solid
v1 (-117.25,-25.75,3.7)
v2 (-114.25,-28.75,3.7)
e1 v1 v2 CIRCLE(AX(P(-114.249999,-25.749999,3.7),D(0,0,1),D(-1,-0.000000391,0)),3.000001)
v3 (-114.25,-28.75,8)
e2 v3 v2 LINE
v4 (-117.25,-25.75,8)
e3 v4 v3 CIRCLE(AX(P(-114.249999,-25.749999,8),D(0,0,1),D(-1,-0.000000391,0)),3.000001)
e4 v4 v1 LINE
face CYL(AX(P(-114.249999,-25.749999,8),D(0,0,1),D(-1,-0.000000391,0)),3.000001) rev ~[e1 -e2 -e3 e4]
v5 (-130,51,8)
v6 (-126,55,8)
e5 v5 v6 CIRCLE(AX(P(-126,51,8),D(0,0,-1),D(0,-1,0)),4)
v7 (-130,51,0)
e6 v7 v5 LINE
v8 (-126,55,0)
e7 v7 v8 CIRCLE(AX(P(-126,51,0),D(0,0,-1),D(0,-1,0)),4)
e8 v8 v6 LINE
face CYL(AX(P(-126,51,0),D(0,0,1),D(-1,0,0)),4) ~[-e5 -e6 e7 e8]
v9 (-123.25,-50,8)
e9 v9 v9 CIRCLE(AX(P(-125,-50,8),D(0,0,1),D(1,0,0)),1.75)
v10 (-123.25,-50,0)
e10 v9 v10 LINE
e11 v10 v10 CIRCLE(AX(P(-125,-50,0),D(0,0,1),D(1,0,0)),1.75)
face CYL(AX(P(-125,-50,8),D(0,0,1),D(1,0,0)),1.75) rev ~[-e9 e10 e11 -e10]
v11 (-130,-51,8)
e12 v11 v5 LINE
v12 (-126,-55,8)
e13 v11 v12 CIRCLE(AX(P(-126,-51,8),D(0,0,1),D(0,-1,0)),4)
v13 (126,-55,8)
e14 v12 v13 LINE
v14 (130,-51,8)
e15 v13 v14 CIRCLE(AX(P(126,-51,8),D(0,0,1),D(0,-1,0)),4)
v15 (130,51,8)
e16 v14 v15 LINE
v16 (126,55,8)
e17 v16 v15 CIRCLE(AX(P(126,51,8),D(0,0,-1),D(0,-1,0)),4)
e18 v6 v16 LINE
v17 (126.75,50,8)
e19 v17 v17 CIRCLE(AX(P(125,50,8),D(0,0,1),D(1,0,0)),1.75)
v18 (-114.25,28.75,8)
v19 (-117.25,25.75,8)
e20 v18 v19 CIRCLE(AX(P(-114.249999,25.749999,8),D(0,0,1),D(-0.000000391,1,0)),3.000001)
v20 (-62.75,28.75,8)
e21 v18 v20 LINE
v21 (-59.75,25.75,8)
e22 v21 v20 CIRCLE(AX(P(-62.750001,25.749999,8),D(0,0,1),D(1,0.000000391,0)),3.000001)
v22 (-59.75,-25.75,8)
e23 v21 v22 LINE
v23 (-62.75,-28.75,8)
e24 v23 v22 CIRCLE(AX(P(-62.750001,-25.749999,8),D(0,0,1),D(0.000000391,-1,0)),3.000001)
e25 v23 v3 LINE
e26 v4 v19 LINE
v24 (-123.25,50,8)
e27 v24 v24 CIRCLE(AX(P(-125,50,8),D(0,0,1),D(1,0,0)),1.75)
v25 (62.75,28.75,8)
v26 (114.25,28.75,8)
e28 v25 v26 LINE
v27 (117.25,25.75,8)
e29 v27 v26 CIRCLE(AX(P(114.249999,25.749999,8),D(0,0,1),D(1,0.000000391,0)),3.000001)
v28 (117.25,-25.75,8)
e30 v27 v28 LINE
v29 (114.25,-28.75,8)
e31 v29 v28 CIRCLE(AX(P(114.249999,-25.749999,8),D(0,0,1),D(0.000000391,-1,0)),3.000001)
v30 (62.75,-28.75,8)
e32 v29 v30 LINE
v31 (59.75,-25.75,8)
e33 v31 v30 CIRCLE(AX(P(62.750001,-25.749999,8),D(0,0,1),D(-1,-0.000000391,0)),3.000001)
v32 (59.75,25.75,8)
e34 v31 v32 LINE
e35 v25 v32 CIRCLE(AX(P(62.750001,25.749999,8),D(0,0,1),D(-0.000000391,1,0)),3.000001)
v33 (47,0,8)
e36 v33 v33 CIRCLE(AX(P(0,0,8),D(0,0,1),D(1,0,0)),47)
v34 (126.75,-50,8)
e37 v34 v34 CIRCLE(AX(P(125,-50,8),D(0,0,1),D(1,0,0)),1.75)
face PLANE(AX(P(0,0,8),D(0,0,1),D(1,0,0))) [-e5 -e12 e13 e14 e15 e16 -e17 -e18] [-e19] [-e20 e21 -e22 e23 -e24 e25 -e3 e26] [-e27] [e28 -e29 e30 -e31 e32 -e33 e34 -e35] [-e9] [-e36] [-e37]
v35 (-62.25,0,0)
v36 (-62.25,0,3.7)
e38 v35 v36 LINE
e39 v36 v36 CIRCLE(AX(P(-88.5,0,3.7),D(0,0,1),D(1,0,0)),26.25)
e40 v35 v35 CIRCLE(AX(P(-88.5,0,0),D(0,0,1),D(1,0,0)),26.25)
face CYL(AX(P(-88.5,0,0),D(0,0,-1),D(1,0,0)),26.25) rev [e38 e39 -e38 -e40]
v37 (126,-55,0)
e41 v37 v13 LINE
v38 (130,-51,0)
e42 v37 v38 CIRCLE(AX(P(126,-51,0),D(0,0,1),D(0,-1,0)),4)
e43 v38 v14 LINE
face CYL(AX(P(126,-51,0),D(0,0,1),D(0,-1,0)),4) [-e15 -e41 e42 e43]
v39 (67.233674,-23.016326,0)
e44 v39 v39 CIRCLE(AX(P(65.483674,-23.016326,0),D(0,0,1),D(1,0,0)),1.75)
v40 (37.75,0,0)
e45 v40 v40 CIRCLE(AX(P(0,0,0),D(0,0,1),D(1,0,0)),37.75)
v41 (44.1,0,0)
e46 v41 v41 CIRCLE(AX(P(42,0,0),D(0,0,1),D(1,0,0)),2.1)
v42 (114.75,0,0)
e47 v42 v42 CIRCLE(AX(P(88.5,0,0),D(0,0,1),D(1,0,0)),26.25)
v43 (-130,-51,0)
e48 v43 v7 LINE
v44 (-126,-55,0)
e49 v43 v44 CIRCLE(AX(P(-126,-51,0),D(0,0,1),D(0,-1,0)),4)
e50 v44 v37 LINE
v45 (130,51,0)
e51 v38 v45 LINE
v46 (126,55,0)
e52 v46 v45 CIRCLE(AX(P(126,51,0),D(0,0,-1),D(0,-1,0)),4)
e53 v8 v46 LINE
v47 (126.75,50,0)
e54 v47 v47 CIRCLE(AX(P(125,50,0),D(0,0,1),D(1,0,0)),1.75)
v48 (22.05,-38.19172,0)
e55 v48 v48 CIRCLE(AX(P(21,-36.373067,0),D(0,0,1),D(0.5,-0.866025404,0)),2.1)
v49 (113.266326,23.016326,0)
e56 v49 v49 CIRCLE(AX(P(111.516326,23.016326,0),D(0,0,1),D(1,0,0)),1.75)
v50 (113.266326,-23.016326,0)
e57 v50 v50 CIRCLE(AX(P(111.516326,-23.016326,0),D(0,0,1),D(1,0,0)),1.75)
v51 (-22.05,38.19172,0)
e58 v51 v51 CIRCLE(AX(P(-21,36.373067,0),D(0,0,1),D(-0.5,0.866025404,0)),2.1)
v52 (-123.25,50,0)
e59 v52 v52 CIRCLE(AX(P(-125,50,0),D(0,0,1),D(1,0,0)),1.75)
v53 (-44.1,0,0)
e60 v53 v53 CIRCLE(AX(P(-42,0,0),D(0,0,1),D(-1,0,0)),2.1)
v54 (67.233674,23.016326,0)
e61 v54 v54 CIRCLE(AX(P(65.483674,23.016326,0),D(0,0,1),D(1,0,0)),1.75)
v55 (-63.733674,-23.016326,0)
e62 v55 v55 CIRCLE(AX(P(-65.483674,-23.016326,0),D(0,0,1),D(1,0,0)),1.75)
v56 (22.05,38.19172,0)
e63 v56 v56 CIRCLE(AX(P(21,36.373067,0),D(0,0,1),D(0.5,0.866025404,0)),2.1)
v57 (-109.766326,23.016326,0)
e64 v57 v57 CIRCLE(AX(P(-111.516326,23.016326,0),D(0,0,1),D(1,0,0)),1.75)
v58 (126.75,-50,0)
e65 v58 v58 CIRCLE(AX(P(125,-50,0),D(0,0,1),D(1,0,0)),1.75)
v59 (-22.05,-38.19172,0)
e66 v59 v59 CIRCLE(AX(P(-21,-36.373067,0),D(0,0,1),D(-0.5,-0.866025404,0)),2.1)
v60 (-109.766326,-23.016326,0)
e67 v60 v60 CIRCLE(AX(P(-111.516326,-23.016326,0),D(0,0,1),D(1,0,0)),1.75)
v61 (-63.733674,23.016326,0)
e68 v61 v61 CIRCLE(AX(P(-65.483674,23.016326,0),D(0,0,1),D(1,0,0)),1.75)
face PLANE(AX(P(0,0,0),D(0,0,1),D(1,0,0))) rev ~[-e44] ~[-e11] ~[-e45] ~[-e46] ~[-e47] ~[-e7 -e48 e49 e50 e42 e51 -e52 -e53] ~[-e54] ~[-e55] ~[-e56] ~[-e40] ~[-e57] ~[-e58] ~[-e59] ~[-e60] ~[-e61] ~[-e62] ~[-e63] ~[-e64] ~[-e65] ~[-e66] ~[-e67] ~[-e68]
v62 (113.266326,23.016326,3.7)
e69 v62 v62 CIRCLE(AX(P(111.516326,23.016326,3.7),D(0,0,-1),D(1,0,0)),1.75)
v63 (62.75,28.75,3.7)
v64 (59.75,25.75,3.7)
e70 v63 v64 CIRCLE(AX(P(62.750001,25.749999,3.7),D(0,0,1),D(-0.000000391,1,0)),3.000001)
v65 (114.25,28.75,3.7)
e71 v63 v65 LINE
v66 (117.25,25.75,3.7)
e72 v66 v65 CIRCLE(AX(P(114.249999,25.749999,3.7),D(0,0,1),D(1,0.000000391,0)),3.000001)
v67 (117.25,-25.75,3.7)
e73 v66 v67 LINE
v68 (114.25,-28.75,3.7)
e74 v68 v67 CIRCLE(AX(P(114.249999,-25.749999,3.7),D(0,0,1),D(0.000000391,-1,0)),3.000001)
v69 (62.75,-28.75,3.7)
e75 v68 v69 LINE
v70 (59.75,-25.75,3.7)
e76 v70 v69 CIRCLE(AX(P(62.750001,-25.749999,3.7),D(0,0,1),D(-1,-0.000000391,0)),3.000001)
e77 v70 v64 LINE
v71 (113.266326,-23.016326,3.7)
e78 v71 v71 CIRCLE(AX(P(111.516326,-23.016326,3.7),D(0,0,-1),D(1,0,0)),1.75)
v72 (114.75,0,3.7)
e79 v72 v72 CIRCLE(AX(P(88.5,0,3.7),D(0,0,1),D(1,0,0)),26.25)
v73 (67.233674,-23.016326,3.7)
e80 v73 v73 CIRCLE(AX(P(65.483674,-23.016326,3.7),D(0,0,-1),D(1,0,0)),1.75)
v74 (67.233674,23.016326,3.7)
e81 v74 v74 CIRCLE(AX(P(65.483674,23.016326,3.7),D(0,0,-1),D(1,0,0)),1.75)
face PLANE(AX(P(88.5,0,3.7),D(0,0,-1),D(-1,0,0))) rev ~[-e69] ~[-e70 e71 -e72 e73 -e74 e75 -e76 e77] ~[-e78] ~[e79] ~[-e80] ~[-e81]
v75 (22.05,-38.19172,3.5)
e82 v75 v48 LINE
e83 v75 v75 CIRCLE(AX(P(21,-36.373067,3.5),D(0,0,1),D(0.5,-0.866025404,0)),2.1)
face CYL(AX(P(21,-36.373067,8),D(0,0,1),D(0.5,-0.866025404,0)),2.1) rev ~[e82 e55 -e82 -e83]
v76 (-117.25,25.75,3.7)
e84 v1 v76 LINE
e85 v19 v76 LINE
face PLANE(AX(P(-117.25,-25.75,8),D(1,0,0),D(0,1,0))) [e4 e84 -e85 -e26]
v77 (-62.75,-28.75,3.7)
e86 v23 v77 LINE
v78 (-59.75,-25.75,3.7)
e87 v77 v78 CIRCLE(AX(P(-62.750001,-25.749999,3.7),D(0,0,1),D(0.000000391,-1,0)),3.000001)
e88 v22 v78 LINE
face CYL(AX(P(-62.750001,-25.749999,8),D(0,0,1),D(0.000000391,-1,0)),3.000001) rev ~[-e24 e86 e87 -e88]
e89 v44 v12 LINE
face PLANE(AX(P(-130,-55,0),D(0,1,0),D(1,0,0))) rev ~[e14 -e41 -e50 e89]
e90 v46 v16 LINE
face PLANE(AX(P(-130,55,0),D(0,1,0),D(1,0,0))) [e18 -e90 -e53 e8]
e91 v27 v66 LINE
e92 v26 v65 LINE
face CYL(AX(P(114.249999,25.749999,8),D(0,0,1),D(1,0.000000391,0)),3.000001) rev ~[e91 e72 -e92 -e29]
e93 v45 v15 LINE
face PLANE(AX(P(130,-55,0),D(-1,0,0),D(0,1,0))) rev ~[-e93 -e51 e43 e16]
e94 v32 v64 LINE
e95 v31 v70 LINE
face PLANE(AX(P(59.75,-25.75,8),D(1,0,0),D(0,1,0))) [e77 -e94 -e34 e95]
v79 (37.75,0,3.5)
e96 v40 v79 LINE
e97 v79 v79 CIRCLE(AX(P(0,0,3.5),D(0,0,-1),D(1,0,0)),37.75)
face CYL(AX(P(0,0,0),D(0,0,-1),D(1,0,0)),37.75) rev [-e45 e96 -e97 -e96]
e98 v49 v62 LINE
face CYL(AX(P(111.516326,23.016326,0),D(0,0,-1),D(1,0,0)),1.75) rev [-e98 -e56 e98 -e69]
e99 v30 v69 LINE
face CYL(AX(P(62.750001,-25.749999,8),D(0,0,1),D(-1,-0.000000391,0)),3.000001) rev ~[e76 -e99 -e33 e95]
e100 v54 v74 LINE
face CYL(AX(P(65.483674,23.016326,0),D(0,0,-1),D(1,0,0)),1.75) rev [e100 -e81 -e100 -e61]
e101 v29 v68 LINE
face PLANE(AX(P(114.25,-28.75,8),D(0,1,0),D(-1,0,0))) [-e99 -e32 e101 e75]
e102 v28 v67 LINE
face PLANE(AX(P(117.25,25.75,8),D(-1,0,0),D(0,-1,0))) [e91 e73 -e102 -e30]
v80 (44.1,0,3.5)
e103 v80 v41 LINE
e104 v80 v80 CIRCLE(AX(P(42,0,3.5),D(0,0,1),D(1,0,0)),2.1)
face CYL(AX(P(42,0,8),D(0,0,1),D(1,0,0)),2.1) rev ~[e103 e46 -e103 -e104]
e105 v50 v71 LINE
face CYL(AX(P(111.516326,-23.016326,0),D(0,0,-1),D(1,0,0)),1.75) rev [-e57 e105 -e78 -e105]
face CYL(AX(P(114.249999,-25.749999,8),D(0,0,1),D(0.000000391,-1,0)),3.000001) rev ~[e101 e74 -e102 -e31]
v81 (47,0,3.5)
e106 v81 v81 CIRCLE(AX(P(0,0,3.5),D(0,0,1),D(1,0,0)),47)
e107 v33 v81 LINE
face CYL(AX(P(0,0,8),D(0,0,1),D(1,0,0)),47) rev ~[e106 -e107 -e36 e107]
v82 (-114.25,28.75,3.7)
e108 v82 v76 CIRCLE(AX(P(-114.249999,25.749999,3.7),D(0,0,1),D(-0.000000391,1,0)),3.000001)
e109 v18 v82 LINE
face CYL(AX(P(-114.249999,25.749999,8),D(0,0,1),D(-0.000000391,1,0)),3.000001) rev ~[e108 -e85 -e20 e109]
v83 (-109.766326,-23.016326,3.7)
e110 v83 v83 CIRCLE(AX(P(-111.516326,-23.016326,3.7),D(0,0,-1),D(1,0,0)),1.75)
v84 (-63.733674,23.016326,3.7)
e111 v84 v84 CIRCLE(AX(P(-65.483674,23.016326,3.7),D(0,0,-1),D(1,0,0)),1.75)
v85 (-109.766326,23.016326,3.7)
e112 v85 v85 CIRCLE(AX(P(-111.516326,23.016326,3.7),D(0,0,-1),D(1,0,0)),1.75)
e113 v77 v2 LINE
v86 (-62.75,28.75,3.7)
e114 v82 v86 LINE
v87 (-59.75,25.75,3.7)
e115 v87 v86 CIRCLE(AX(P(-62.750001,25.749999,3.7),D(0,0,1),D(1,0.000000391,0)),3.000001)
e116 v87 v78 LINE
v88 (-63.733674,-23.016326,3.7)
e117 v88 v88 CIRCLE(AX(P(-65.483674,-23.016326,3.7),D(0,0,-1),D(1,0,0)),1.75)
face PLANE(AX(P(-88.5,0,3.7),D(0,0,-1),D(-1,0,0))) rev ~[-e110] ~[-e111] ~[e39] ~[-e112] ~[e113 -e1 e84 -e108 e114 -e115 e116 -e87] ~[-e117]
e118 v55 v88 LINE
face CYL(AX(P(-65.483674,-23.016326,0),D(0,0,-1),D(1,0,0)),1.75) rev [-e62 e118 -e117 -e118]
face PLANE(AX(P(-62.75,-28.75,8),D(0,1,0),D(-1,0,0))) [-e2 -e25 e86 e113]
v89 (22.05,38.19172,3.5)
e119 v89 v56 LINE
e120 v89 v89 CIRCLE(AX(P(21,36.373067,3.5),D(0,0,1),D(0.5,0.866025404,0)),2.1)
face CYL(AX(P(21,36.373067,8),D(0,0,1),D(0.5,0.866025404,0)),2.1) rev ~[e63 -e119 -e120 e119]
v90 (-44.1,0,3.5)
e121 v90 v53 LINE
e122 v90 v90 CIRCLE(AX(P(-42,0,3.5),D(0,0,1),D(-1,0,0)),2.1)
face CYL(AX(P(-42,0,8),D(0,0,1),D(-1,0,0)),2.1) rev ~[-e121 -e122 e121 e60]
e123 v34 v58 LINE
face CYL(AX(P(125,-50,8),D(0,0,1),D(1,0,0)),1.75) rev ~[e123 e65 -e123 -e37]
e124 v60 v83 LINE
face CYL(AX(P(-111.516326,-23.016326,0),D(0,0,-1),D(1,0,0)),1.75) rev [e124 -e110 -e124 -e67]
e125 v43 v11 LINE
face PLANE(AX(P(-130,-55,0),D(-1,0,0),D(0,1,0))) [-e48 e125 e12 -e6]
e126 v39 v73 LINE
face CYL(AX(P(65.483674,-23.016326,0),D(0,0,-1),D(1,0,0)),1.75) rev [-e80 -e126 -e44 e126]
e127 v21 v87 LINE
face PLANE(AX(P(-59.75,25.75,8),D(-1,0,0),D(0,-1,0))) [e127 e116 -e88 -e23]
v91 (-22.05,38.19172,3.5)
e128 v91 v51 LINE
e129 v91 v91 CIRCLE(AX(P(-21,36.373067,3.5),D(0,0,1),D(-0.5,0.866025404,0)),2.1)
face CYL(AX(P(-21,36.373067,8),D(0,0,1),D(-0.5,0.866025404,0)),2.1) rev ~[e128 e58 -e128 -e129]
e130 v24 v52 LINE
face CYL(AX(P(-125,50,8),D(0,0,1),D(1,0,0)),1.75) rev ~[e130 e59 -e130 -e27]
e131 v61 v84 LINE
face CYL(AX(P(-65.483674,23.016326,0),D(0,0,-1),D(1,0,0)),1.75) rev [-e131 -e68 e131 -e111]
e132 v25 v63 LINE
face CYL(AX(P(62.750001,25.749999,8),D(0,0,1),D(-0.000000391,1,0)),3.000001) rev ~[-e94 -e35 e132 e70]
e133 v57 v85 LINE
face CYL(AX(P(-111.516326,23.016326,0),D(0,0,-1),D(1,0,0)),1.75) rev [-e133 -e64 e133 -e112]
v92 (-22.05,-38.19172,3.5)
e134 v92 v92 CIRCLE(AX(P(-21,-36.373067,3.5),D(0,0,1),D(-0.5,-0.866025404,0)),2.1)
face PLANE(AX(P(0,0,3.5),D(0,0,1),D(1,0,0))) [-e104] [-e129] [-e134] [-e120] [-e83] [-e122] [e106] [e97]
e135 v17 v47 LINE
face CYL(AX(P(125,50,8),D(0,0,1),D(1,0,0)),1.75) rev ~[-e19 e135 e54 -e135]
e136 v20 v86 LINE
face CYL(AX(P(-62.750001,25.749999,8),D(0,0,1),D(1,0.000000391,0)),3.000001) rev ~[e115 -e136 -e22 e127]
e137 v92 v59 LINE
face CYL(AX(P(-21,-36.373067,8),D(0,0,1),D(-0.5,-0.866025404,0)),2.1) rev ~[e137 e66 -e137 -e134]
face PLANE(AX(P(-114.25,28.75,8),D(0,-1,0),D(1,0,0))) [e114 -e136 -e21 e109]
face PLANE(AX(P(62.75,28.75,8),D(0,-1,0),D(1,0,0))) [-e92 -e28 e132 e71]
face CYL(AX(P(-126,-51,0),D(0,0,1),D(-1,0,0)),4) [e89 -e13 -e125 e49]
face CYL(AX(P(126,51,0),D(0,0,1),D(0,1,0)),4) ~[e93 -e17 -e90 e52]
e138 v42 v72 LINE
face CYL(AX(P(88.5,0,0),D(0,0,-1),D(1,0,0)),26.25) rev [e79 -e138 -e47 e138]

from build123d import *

# Parameters (mm, degrees)
SKETCH_W           = 260
SKETCH_H           = 110
SKETCH_R           = 37.75
SKETCH_R_2         = 26.25
SKETCH_R_3         = 1.75
PAD_DEPTH          = 8
SKETCH001_R        = 2.1
POCKET_DEPTH       = 8
POLARPATTERN_COUNT = 6
SKETCH002_R        = 47
SKETCH002_R_2      = 1.75
POCKET001_DEPTH    = 4.5
SKETCH003_R        = 26.25
POCKET002_DEPTH    = 4.3
SKETCH004_R        = 1.75
POCKET003_DEPTH    = 8
FILLET002_R        = 4


with BuildPart() as part:
    # Sketch → Pad (new body)
    with BuildSketch(Plane.XY):
        Rectangle(SKETCH_W, SKETCH_H)
        Circle(SKETCH_R, mode=Mode.SUBTRACT)
        with Locations((88.5, 0)):
            Circle(SKETCH_R_2, mode=Mode.SUBTRACT)
        with Locations((-88.5, 0)):
            Circle(SKETCH_R_2, mode=Mode.SUBTRACT)
        with Locations((111.516326, -23.016326)):
            Circle(SKETCH_R_3, mode=Mode.SUBTRACT)
        with Locations((111.516326, 23.016326)):
            Circle(SKETCH_R_3, mode=Mode.SUBTRACT)
        with Locations((65.483674, 23.016326)):
            Circle(SKETCH_R_3, mode=Mode.SUBTRACT)
        with Locations((65.483674, -23.016326)):
            Circle(SKETCH_R_3, mode=Mode.SUBTRACT)
        with Locations((-111.516326, 23.016326)):
            Circle(SKETCH_R_3, mode=Mode.SUBTRACT)
        with Locations((-65.483674, 23.016326)):
            Circle(SKETCH_R_3, mode=Mode.SUBTRACT)
        with Locations((-65.483674, -23.016326)):
            Circle(SKETCH_R_3, mode=Mode.SUBTRACT)
        with Locations((-111.516326, -23.016326)):
            Circle(SKETCH_R_3, mode=Mode.SUBTRACT)
    extrude(amount=PAD_DEPTH)

    # Sketch001 (on Face17 of Pad) → Pocket (cut)
    with BuildSketch(Plane.XY.offset(8)):
        with Locations((42, 0)):
            Circle(SKETCH001_R)
    pocket = extrude(amount=-POCKET_DEPTH, mode=Mode.SUBTRACT)

    # PolarPattern: Pocket ×6 about axis
    polarpattern_axis = Axis((0, 0, 8), (0, 0, 1))
    for i in range(1, POLARPATTERN_COUNT):
        add(pocket.rotate(polarpattern_axis, i * 360 / POLARPATTERN_COUNT), mode=Mode.SUBTRACT)

    # Sketch002 (on Face5 of PolarPattern) → Pocket001 (cut)
    with BuildSketch(Plane.XY.offset(8)):
        Circle(SKETCH002_R)
        Circle(SKETCH002_R_2, mode=Mode.SUBTRACT)
    extrude(amount=-POCKET001_DEPTH, mode=Mode.SUBTRACT)

    # Sketch003 (on Face5 of Pocket001) → Pocket002 (cut)
    with BuildSketch(Plane.XY.offset(8)):
        with BuildLine():
            Line((-114.25, 28.75), (-62.75, 28.75))
            ThreePointArc((-59.75, 25.75), (-60.62868, 27.87132), (-62.75, 28.75))
            Line((-59.75, 25.75), (-59.75, -25.75))
            ThreePointArc((-62.75, -28.75), (-60.62868, -27.87132), (-59.75, -25.75))
            Line((-62.75, -28.75), (-114.25, -28.75))
            ThreePointArc((-117.25, -25.75), (-116.37132, -27.87132), (-114.25, -28.75))
            Line((-117.25, -25.75), (-117.25, 25.75))
            ThreePointArc((-114.25, 28.75), (-116.37132, 27.87132), (-117.25, 25.75))
        make_face()
        with Locations((-88.5, 0)):
            Circle(SKETCH003_R, mode=Mode.SUBTRACT)
        with BuildLine():
            Line((62.75, 28.75), (114.25, 28.75))
            ThreePointArc((117.25, 25.75), (116.37132, 27.87132), (114.25, 28.75))
            Line((117.25, 25.75), (117.25, -25.75))
            ThreePointArc((114.25, -28.75), (116.37132, -27.87132), (117.25, -25.75))
            Line((114.25, -28.75), (62.75, -28.75))
            ThreePointArc((59.75, -25.75), (60.62868, -27.87132), (62.75, -28.75))
            Line((59.75, -25.75), (59.75, 25.75))
            ThreePointArc((62.75, 28.75), (60.62868, 27.87132), (59.75, 25.75))
        make_face()
        with Locations((88.5, 0)):
            Circle(SKETCH003_R, mode=Mode.SUBTRACT)
    extrude(amount=-POCKET002_DEPTH, mode=Mode.SUBTRACT)

    # Sketch004 (on Face5 of Pocket002) → Pocket003 (cut)
    with BuildSketch(Plane.XY.offset(8)):
        with Locations((-125, 50)):
            Circle(SKETCH004_R)
        with Locations((-125, -50)):
            Circle(SKETCH004_R)
        with Locations((125, -50)):
            Circle(SKETCH004_R)
        with Locations((125, 50)):
            Circle(SKETCH004_R)
    extrude(amount=-POCKET003_DEPTH, mode=Mode.SUBTRACT)

    # Fillet002
    fillet002_edges = [part.edges().sort_by_distance(p)[0] for p in [
        (130, -55, 4),
        (-130, -55, 4),
        (-130, 55, 4),
        (130, 55, 4),
    ]]
    fillet(fillet002_edges, radius=FILLET002_R)


solid = part.part
